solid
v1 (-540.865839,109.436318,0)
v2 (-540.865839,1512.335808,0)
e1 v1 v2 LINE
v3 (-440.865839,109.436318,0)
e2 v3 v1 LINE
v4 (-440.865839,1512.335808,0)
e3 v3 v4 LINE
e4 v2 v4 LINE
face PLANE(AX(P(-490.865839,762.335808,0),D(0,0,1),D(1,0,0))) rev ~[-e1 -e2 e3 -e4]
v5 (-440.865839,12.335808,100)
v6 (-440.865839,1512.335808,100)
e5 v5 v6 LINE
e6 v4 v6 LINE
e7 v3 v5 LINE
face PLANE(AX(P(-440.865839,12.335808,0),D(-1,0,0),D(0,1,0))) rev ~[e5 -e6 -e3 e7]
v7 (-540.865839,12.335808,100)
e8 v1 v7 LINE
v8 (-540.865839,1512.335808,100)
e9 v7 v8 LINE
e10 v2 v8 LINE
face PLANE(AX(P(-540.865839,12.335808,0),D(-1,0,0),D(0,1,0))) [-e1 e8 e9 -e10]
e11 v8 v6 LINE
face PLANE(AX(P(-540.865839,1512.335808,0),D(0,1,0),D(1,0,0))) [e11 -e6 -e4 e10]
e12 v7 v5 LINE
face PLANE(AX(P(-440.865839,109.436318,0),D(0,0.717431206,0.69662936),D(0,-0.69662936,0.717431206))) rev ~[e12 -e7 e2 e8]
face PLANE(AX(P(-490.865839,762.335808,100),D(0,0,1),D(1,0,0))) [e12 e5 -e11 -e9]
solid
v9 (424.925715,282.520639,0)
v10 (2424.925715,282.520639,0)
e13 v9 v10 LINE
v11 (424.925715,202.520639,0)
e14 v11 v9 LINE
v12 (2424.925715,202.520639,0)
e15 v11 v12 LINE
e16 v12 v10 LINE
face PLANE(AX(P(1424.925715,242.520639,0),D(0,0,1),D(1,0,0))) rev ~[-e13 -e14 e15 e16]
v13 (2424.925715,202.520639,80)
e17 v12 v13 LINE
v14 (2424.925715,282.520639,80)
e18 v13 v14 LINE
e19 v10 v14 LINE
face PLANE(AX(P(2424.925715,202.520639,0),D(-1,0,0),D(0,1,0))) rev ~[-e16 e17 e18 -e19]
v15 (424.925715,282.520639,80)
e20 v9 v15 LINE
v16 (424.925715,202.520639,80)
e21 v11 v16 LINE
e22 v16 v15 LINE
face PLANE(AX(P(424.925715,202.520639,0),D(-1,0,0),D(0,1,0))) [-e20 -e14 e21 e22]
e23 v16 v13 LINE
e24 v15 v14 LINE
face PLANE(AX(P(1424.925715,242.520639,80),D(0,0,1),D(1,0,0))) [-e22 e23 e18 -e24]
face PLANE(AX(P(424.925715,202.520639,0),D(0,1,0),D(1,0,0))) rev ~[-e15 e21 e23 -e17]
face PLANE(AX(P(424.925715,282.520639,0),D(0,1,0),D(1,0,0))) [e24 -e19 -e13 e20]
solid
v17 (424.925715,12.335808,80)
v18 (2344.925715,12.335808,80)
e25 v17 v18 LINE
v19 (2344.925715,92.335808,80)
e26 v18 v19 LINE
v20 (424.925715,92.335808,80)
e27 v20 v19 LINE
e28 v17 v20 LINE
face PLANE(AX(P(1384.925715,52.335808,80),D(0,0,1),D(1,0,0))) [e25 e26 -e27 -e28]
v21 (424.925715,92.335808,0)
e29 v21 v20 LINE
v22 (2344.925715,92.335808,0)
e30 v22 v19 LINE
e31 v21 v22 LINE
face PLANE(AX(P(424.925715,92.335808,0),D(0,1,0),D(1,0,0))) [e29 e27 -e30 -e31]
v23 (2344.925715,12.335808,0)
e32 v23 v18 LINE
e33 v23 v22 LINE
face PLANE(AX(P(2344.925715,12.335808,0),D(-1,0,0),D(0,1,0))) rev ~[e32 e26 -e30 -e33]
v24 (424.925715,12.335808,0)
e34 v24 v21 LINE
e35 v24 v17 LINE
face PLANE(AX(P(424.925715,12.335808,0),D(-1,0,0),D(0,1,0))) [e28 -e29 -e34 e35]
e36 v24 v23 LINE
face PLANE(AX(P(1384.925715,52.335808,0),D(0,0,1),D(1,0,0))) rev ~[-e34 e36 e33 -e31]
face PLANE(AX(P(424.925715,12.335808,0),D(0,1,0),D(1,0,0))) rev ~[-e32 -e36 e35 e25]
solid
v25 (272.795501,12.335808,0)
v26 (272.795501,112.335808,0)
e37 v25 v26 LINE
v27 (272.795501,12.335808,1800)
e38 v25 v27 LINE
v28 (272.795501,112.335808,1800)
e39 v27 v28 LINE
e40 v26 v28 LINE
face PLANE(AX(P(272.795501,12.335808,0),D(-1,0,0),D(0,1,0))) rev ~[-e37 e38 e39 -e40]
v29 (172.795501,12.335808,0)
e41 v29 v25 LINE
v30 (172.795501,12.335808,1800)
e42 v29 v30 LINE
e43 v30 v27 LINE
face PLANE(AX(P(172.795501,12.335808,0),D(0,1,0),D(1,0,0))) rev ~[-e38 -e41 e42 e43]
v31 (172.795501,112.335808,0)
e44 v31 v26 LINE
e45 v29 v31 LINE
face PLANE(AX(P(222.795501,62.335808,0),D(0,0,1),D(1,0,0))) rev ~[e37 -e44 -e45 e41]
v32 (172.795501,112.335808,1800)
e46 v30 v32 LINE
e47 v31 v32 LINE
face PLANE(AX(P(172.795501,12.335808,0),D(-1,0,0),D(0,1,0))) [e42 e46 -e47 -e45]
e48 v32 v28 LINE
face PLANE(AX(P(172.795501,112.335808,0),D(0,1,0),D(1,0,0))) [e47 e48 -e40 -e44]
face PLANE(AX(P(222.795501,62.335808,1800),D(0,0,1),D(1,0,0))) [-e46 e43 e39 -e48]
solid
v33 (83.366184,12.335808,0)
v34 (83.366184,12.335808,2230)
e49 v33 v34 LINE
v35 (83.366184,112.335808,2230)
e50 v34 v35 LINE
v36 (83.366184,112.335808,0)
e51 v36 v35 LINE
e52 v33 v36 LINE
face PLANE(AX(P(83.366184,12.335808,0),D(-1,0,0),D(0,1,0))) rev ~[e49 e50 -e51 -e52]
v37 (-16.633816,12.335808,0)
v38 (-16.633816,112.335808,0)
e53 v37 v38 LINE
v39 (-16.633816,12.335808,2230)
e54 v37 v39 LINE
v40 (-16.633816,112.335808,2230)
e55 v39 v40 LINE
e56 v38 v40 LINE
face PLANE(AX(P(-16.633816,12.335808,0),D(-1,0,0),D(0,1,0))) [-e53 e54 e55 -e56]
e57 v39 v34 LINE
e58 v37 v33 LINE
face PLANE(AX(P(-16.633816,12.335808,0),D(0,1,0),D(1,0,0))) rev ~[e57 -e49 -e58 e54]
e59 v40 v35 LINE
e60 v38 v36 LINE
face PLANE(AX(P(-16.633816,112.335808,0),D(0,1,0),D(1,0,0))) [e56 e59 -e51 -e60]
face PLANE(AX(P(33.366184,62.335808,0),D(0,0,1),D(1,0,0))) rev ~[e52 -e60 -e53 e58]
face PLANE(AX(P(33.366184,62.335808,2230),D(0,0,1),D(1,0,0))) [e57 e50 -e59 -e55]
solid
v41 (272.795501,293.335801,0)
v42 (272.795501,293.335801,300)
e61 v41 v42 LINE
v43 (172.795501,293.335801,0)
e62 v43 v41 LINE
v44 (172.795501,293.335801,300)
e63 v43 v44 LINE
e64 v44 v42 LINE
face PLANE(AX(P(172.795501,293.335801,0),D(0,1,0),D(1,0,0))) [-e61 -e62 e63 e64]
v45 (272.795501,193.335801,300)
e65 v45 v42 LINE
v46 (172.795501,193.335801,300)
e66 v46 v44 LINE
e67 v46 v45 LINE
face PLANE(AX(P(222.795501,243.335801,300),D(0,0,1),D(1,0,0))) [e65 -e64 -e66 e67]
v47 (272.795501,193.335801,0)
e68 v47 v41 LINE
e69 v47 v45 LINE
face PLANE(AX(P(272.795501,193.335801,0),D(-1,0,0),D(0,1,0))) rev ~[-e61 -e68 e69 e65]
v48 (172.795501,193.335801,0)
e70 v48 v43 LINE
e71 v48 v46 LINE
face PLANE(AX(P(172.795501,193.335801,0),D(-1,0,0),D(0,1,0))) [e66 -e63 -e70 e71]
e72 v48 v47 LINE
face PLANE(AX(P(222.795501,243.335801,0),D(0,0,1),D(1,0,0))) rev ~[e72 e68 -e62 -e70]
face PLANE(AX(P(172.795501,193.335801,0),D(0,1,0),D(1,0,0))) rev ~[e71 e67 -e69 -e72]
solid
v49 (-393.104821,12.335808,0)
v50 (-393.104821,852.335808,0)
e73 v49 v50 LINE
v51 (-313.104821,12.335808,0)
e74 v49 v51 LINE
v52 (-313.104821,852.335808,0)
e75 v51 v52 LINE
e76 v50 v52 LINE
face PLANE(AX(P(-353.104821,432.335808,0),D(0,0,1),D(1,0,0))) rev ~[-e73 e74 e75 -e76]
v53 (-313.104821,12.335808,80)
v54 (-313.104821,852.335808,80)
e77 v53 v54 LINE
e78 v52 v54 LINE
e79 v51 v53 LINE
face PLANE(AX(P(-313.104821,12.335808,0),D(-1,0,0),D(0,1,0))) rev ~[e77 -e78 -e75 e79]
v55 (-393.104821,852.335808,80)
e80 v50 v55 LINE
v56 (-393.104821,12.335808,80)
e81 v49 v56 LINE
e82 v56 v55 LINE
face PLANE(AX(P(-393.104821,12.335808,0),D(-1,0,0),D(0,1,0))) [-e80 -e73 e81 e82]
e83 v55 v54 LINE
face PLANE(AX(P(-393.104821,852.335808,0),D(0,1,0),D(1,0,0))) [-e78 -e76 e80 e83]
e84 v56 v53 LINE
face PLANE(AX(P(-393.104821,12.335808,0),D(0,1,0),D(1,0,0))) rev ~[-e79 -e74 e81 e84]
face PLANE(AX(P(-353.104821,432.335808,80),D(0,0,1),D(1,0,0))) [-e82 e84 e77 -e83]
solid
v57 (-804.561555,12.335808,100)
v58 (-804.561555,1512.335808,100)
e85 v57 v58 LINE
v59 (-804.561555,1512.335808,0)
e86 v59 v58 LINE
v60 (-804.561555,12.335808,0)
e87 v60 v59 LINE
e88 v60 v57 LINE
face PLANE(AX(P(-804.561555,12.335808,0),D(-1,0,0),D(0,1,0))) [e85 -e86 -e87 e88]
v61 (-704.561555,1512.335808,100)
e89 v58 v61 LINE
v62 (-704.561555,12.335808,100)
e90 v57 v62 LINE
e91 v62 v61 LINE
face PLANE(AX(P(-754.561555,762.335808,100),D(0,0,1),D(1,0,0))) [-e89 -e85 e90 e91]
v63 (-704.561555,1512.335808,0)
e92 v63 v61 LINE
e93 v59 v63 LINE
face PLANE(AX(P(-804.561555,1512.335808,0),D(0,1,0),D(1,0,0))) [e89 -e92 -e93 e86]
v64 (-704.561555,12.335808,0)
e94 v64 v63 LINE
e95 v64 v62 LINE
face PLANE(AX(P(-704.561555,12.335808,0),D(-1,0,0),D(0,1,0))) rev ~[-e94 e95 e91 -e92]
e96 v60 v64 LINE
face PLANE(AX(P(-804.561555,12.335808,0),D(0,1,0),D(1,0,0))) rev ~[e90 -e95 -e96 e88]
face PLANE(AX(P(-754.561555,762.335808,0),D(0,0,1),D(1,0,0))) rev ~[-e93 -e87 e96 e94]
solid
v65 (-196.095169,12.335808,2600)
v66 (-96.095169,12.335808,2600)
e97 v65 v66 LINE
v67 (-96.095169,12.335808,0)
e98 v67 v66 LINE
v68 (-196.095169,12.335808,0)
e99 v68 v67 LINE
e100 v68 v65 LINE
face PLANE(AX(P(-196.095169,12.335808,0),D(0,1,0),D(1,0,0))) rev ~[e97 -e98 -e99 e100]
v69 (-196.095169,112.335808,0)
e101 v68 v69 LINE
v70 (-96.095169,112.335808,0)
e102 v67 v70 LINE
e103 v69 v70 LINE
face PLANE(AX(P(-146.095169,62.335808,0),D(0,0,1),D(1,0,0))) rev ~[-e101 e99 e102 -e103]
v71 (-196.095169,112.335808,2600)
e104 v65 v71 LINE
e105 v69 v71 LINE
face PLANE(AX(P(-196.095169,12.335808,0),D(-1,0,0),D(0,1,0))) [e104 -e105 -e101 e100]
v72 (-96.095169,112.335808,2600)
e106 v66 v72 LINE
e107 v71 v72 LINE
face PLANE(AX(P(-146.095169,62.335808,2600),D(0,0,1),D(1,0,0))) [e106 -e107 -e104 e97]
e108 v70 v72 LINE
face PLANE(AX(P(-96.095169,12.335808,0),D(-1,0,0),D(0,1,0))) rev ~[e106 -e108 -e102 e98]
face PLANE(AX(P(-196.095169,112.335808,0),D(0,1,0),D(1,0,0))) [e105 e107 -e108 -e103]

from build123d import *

# Parameters (mm, degrees)
F0_W     = 100
F0_H     = 100
F1_DEPTH = 2600
F2_DEPTH = 2230
F3_DEPTH = 1800
F0_H_2   = 1500
F4_DEPTH = 100
F5_DEPTH = 300
F0_W_2   = 1920
F0_H_3   = 80
F0_W_3   = 2000
F0_W_4   = 80
F0_H_4   = 840
F6_DEPTH = 80
F8_DEPTH = 100


with BuildPart() as f1:
    # F0 (on Top) → F1 (new body)
    with BuildSketch(Plane.XY):
        with Locations((-146.095169, 62.335808)):
            Rectangle(F0_W, F0_H)
    extrude(amount=F1_DEPTH)


with BuildPart() as f2:
    # F0 (on Top) → F2 (new body)
    with BuildSketch(Plane.XY):
        with Locations((33.366184, 62.335808)):
            Rectangle(F0_W, F0_H)
    extrude(amount=F2_DEPTH)


with BuildPart() as f3:
    # F0 (on Top) → F3 (new body)
    with BuildSketch(Plane.XY):
        with Locations((222.795501, 62.335808)):
            Rectangle(F0_W, F0_H)
    extrude(amount=F3_DEPTH)


with BuildPart() as f4:
    # F0 (on Top) → F4 (new body)
    with BuildSketch(Plane.XY):
        with Locations((-490.865839, 762.335808)):
            Rectangle(F0_W, F0_H_2)
        with Locations((-754.561555, 762.335808)):
            Rectangle(F0_W, F0_H_2)
    extrude(amount=F4_DEPTH)

    # F7 (on face) → F8 (cut)
    with BuildSketch(Plane.YZ.offset(-440.865839)):
        Polygon((12.335808, 100), (12.335808, 97.100623), (12.335808, 0), (109.436318, 0), align=None)
    extrude(amount=-F8_DEPTH, mode=Mode.SUBTRACT)


with BuildPart() as f5:
    # F0 (on Top) → F5 (new body)
    with BuildSketch(Plane.XY):
        with Locations((222.795501, 243.335801)):
            Rectangle(F0_W, F0_H)
    extrude(amount=F5_DEPTH)


with BuildPart() as f6:
    # F0 (on Top) → F6 (new body)
    with BuildSketch(Plane.XY):
        with Locations((1384.925715, 52.335808)):
            Rectangle(F0_W_2, F0_H_3)
        with Locations((1424.925715, 242.520639)):
            Rectangle(F0_W_3, F0_H_3)
        with Locations((-353.104821, 432.335808)):
            Rectangle(F0_W_4, F0_H_4)
    extrude(amount=F6_DEPTH)


solid = Compound([f1.part, f2.part, f3.part, f4.part, f5.part, f6.part])
